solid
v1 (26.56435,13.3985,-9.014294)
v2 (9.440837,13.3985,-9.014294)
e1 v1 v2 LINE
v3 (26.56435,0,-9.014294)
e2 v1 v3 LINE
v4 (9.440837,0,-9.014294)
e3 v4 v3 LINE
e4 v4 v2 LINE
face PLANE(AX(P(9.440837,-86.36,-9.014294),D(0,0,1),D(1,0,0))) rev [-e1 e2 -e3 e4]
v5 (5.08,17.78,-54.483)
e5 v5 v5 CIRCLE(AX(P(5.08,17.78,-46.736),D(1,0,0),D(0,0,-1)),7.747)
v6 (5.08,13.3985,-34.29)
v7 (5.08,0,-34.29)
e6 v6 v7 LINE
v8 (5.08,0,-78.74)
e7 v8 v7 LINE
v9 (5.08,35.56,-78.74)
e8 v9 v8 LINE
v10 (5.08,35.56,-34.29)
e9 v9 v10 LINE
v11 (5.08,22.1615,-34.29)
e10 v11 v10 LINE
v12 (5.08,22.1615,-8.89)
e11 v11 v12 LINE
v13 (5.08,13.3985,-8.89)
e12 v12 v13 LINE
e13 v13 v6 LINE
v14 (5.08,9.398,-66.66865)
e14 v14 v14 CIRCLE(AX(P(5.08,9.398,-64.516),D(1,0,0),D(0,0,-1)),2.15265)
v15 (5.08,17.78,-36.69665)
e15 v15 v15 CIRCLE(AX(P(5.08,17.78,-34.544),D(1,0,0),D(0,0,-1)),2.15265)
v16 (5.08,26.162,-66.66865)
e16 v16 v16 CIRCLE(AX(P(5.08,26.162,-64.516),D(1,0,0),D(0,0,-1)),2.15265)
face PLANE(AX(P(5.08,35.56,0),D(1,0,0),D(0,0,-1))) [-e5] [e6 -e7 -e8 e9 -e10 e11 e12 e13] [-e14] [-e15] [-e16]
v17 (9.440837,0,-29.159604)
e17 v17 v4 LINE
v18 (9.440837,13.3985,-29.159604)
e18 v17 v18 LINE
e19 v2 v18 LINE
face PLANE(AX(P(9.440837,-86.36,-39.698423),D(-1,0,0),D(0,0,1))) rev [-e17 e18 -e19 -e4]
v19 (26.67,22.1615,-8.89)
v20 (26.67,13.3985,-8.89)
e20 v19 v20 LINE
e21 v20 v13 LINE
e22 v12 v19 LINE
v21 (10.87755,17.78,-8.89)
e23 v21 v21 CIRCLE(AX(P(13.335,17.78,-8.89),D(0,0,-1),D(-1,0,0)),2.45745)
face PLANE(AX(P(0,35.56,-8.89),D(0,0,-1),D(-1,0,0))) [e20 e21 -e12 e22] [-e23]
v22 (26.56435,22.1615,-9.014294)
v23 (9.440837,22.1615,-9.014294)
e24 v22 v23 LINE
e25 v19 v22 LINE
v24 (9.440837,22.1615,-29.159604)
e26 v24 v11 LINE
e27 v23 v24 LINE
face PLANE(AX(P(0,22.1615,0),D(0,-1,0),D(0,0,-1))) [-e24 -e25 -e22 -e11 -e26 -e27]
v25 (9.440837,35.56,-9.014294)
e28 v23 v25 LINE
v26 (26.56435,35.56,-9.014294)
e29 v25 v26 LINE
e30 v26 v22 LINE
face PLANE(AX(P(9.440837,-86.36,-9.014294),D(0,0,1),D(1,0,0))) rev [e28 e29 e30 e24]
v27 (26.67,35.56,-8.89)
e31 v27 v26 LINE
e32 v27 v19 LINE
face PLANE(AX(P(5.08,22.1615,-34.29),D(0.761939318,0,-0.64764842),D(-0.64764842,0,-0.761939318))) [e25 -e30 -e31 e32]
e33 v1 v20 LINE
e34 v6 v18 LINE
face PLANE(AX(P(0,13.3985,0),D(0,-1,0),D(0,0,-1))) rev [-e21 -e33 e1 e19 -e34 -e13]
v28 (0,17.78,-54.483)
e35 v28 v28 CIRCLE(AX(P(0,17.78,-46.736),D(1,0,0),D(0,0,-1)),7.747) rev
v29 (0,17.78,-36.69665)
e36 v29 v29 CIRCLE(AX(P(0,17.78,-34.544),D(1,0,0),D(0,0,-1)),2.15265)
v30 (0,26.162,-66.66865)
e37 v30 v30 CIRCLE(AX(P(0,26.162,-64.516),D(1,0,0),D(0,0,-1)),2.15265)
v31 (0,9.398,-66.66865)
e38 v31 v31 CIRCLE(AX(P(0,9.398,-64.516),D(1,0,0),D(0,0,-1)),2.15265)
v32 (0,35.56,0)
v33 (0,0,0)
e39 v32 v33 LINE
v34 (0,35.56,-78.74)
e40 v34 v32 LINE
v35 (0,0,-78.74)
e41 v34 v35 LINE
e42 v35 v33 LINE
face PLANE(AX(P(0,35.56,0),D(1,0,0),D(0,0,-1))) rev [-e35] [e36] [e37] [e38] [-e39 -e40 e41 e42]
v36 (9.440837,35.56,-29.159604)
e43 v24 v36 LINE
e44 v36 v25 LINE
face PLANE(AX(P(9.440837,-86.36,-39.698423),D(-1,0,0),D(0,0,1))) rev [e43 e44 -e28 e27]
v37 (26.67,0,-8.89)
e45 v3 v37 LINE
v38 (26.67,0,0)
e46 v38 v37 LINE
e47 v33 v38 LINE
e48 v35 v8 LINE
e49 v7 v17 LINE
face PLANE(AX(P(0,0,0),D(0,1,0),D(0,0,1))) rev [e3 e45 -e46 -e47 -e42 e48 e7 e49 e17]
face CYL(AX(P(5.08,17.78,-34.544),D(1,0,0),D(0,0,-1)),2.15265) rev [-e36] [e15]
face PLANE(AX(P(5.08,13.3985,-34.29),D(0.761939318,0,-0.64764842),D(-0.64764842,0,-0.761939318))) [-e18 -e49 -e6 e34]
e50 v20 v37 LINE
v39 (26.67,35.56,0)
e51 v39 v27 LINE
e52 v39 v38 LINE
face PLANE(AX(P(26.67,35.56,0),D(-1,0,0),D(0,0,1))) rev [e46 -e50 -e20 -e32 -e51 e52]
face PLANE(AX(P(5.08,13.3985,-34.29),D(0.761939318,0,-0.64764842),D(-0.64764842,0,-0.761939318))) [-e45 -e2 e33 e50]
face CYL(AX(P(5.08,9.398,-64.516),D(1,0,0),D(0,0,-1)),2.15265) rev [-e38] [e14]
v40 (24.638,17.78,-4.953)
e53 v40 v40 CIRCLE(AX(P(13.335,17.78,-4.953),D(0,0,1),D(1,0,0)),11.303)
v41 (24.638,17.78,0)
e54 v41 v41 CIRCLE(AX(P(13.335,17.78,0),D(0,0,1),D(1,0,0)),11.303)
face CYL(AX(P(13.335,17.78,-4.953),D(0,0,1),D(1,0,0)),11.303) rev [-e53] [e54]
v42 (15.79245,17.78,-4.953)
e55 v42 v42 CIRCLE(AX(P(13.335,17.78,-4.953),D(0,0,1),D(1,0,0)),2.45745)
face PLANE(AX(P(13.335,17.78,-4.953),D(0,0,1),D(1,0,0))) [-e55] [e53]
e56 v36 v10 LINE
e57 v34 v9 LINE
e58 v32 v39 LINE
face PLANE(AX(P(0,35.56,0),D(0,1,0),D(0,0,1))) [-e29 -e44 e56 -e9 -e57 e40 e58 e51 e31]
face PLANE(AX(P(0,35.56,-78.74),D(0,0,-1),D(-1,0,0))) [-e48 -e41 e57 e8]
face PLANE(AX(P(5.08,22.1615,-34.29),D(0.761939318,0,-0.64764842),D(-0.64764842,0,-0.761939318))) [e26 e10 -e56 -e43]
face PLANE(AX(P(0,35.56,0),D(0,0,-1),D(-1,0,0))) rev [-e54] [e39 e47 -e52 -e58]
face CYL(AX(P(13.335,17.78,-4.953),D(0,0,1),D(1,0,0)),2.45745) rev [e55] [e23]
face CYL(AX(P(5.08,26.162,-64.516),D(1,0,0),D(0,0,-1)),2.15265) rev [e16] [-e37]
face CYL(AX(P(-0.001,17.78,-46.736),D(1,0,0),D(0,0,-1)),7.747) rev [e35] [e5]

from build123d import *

# Parameters (mm, degrees)
SKETCH1_W                 = 5.08
SKETCH1_H                 = 78.74
SKETCH1_W_2               = 21.59
SKETCH1_H_2               = 8.89
BOSS_EXTRUDE1_DEPTH       = 35.56
SKETCH2_R                 = 11.303
CUT_EXTRUDE1_DEPTH        = 4.953
F_8_CLEARANCE_HOLE1_D     = 4.9149
CUT_EXTRUDE4_REACH        = 91.054
SKETCH5_R                 = 7.747
F_6_CLEARANCE_HOLE1_D     = 4.3053
F_6_CLEARANCE_HOLE1_DEPTH = 5.08
BOSS_EXTRUDE3_DEPTH       = 13.3985
BOSS_EXTRUDE4_DEPTH       = 13.3985
SKETCH21_R                = 38.1
CUT_EXTRUDE5_DEPTH        = 91.420075758
SKETCH22_W                = 17.828699099
SKETCH22_H                = 30.684129503
CUT_EXTRUDE6_DEPTH        = 121.92


with BuildPart() as part:
    # Sketch1 → Boss-Extrude1 (new body)
    with BuildSketch(Plane(origin=(0, 0, 0), x_dir=(1, 0, 0), z_dir=(0, 1, 0))):
        with Locations((2.54, 39.37)):
            Rectangle(SKETCH1_W, SKETCH1_H)
        with Locations((15.875, 4.445)):
            Rectangle(SKETCH1_W_2, SKETCH1_H_2)
    extrude(amount=BOSS_EXTRUDE1_DEPTH)

    # Sketch2 → Cut-Extrude1 (cut)
    with BuildSketch(Plane.XY):
        with Locations((13.335, 17.78)):
            Circle(SKETCH2_R)
    extrude(amount=-CUT_EXTRUDE1_DEPTH, mode=Mode.SUBTRACT)

    # #8 Clearance Hole1 (through all)
    with Locations(Plane.XY.offset(-4.953)):
        with Locations((13.335, 17.78)):
            Hole(F_8_CLEARANCE_HOLE1_D / 2)

    # Sketch5 → Cut-Extrude4 (cut, up to next)
    with BuildSketch(Plane(origin=(5.08, 0, 0), x_dir=(0, 0, -1), z_dir=(1, 0, 0)), mode=Mode.PRIVATE) as cut_extrude4_sk1:
        with Locations((46.736, 17.78)):
            Circle(SKETCH5_R)
    cut_extrude4_tool1 = extrude(cut_extrude4_sk1.sketch, amount=-CUT_EXTRUDE4_REACH, mode=Mode.PRIVATE) & part.part
    # Sketch5 → Cut-Extrude4 (cut, up to next)
    with BuildSketch(Plane(origin=(5.08, 0, 0), x_dir=(0, 0, -1), z_dir=(1, 0, 0)), mode=Mode.PRIVATE) as cut_extrude4_sk2:
        with BuildLine():
            ThreePointArc((54.483, 17.78), (46.736, 25.527), (38.989, 17.78))
            Line((38.989, 17.78), (54.483, 17.78))
        make_face()
    cut_extrude4_tool2 = extrude(cut_extrude4_sk2.sketch, amount=-CUT_EXTRUDE4_REACH, mode=Mode.PRIVATE) & part.part
    # Sketch5 → Cut-Extrude4 (cut, up to next)
    with BuildSketch(Plane(origin=(5.08, 0, 0), x_dir=(0, 0, -1), z_dir=(1, 0, 0)), mode=Mode.PRIVATE) as cut_extrude4_sk3:
        with BuildLine():
            Line((54.483, 17.78), (38.989, 17.78))
            ThreePointArc((38.989, 17.78), (46.736, 10.033), (54.483, 17.78))
        make_face()
    cut_extrude4_tool3 = extrude(cut_extrude4_sk3.sketch, amount=-CUT_EXTRUDE4_REACH, mode=Mode.PRIVATE) & part.part
    add(cut_extrude4_tool1.solids().sort_by_distance((5.08, 17.78, -46.736))[0], mode=Mode.SUBTRACT)
    add(cut_extrude4_tool2.solids().sort_by_distance((5.08, 21.067929, -46.736))[0], mode=Mode.SUBTRACT)
    add(cut_extrude4_tool3.solids().sort_by_distance((5.08, 14.492071, -46.736))[0], mode=Mode.SUBTRACT)

    # #6 Clearance Hole1
    with Locations(Plane(origin=(5.08, 0, 0), x_dir=(0, 0, -1), z_dir=(1, 0, 0))):
        with Locations((34.544, 17.78), (46.736, 17.78), (64.516, 26.162), (64.516, 9.398)):
            Hole(F_6_CLEARANCE_HOLE1_D / 2, depth=F_6_CLEARANCE_HOLE1_DEPTH)

    # Sketch17 → Boss-Extrude3 (add)
    with BuildSketch(Plane(origin=(0, 35.56, 0), x_dir=(1, 0, 0), z_dir=(0, 1, 0))):
        Polygon((5.08, 8.89), (5.08, 34.29), (26.67, 8.89), align=None)
    extrude(amount=-BOSS_EXTRUDE3_DEPTH)

    # Sketch18 → Boss-Extrude4 (add)
    with BuildSketch(Plane.XZ):
        Polygon((26.67, -8.89), (5.08, -8.89), (5.08, -34.29), align=None)
    extrude(amount=-BOSS_EXTRUDE4_DEPTH)

    # Sketch21 → Cut-Extrude5 (cut, through all)
    with BuildSketch(Plane(origin=(0, 35.56, 0), x_dir=(1, 0, 0), z_dir=(0, 1, 0))):
        with Locations((44.937862921, 45.023006442)):
            Circle(SKETCH21_R)
    extrude(amount=-CUT_EXTRUDE5_DEPTH, mode=Mode.SUBTRACT)

    # Sketch22 → Cut-Extrude6 (cut)
    with BuildSketch(Plane(origin=(0, 35.56, 0), x_dir=(1, 0, 0), z_dir=(0, 1, 0))):
        with Locations((18.355186326, 24.356358653)):
            Rectangle(SKETCH22_W, SKETCH22_H)
    extrude(amount=-CUT_EXTRUDE6_DEPTH, mode=Mode.SUBTRACT)


solid = part.part
